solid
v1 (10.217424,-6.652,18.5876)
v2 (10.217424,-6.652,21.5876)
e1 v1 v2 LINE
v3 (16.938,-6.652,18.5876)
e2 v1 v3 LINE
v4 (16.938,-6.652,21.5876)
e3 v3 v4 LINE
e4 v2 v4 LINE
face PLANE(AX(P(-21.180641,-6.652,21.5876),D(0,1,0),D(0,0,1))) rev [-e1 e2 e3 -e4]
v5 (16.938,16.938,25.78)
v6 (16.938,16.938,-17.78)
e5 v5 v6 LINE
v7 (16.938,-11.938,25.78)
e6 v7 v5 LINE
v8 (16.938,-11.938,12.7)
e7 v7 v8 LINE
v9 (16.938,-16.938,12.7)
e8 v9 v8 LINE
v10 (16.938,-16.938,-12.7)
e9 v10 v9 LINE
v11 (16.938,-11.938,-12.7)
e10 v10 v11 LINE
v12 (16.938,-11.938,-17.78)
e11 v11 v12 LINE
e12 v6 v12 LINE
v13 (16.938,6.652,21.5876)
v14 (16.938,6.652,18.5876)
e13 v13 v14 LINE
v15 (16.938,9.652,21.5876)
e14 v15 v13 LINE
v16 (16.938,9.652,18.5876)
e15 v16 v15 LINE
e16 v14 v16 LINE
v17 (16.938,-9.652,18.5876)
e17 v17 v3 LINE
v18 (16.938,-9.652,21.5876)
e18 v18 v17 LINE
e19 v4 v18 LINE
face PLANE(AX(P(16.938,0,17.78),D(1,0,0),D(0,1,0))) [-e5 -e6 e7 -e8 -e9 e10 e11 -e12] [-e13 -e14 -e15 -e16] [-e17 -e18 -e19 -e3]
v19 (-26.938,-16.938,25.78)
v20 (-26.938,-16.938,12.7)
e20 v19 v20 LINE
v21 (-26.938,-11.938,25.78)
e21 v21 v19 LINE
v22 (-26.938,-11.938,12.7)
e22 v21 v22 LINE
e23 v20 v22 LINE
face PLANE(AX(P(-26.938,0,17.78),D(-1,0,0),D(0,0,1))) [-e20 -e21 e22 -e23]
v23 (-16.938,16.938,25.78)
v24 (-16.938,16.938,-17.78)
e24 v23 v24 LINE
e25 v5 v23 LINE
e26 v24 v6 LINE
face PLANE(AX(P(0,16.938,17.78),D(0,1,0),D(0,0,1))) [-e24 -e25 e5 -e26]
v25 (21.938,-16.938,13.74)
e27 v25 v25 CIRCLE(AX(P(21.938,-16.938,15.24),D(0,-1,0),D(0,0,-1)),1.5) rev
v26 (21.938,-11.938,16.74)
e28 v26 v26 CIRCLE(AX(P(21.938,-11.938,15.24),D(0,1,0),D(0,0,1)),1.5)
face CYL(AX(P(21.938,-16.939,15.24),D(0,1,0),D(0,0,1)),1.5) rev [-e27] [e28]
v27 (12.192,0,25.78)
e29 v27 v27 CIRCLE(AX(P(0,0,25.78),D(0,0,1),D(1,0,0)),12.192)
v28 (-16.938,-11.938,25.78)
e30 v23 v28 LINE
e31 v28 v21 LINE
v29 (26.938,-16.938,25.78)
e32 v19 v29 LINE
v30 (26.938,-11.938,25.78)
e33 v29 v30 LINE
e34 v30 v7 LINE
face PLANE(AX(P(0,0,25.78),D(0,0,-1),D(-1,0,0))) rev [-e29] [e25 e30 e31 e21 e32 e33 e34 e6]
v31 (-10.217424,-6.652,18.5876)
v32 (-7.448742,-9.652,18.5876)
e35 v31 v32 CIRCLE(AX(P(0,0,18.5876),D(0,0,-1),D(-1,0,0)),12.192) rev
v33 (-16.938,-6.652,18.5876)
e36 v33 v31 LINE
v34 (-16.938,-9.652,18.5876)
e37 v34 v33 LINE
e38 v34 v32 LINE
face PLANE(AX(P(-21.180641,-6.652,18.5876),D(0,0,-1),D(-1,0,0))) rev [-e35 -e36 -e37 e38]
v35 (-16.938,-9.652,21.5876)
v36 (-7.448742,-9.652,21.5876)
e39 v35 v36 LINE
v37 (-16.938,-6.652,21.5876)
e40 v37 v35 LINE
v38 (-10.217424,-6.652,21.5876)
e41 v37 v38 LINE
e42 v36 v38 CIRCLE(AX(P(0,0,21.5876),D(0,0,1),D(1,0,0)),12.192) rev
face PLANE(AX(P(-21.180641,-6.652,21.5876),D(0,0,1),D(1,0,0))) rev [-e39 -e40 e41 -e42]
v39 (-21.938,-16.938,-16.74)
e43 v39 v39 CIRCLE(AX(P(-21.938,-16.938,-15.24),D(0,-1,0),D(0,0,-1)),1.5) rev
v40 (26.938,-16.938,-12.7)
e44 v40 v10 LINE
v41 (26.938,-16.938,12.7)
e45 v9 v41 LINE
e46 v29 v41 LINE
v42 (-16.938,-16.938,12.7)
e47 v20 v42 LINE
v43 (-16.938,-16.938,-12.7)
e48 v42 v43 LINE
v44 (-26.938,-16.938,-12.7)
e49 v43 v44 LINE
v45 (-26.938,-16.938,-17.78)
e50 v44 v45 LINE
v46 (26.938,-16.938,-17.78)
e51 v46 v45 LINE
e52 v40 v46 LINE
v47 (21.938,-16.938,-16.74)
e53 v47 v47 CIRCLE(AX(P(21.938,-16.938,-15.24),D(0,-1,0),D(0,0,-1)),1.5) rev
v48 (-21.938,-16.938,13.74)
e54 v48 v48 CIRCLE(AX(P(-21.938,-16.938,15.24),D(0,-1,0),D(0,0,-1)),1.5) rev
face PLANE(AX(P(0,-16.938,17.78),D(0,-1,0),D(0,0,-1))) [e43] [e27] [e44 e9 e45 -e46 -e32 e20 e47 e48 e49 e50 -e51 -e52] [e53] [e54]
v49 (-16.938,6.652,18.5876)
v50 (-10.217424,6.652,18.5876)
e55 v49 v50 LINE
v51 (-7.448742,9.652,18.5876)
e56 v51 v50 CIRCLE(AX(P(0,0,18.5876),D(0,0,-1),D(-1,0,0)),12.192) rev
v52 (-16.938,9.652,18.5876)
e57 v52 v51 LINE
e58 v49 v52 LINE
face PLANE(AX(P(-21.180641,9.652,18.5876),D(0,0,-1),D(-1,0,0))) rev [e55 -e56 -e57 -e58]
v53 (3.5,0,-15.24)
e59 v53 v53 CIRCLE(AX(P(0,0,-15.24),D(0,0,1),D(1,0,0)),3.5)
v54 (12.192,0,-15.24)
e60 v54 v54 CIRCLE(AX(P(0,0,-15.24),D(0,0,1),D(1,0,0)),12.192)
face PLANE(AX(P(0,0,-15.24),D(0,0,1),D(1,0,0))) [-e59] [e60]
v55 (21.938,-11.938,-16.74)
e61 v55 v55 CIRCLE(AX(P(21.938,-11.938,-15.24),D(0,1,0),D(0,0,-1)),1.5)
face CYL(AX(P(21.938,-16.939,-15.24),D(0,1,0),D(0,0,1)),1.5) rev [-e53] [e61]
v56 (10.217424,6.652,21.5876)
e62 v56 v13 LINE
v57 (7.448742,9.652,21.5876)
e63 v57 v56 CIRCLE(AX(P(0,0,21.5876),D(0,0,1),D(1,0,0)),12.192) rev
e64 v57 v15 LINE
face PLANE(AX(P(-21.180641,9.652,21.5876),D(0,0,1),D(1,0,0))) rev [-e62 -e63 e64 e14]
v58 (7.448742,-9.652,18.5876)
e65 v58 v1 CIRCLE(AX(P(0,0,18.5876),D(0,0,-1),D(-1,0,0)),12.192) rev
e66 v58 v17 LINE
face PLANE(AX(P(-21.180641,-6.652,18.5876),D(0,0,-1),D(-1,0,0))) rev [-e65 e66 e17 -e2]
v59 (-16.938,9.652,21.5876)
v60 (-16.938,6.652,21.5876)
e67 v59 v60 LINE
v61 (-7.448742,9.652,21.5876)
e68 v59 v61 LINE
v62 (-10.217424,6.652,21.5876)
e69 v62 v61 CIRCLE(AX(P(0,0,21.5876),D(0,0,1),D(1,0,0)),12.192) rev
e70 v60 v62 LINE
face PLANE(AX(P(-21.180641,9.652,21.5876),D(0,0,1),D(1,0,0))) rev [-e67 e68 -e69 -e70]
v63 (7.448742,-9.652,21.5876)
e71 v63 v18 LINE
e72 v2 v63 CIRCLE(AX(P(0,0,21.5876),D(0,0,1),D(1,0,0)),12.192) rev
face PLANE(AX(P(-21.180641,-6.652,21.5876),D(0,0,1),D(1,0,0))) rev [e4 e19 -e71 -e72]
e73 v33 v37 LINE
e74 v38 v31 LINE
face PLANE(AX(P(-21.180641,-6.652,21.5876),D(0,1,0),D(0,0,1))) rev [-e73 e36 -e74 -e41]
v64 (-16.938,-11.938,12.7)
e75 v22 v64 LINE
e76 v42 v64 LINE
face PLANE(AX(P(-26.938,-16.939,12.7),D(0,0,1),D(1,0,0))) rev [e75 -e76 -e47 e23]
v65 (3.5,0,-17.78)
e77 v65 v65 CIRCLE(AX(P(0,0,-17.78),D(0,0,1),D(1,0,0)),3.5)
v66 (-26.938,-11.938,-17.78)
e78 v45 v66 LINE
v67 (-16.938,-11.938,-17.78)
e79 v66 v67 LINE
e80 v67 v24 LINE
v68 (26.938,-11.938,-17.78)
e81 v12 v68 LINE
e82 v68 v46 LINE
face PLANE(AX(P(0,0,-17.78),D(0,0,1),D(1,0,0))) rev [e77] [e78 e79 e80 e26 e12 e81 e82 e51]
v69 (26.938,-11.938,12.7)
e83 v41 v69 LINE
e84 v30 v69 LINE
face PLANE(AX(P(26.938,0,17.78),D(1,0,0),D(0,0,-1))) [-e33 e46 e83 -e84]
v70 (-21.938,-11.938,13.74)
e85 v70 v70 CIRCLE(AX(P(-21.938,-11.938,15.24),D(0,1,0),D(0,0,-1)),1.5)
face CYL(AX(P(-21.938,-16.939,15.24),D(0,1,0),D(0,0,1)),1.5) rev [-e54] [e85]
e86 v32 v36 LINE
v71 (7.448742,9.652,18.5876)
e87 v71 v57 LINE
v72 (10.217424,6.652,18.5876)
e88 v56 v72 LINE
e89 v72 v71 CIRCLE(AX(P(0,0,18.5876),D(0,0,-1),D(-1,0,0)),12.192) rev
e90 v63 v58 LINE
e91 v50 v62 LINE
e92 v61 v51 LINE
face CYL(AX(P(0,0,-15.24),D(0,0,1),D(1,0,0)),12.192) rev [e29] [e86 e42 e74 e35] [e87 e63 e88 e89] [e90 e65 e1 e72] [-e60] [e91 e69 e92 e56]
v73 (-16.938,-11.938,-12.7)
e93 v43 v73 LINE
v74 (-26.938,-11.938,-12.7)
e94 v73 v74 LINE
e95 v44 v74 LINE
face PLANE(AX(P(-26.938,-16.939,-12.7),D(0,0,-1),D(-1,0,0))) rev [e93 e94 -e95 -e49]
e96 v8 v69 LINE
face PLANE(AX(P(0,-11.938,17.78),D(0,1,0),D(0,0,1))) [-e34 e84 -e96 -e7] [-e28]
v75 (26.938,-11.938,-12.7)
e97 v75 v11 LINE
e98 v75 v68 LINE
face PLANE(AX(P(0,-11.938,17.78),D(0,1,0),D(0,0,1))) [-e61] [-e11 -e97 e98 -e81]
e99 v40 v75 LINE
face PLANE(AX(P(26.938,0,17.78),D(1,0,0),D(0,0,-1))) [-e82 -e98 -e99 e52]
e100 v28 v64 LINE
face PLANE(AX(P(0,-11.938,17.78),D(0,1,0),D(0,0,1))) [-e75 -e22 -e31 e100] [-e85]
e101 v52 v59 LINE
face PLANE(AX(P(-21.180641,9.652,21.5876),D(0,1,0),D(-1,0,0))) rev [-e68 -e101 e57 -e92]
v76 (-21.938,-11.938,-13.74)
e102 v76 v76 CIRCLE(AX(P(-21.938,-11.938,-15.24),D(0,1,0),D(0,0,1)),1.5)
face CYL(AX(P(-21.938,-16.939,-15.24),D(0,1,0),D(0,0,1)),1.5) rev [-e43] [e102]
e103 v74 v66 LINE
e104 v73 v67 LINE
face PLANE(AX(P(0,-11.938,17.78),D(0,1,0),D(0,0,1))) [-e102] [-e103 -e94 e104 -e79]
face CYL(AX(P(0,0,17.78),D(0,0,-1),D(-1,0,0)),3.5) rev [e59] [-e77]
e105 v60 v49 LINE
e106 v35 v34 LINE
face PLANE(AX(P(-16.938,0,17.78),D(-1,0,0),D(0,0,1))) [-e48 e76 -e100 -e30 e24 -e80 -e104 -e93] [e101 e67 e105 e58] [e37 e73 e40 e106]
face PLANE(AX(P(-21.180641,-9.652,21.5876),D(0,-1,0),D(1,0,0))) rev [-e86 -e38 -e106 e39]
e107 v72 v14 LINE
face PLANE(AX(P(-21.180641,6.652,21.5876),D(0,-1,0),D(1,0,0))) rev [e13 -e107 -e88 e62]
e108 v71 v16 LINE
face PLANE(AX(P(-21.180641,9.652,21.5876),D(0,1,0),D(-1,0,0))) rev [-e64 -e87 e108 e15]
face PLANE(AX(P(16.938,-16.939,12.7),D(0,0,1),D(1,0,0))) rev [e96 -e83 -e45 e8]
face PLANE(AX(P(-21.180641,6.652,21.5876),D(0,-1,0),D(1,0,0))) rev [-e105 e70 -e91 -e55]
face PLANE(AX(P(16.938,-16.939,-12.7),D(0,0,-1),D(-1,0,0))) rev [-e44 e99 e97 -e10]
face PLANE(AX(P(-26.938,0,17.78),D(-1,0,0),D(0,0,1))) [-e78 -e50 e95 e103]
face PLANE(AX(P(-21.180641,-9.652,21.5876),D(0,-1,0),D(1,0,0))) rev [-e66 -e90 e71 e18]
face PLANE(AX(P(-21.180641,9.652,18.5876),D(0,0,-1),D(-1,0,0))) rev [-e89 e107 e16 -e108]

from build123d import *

# Parameters (mm, degrees)
SKETCH1_R           = 3.5
BOSS_EXTRUDE1_DEPTH = 17.78
SKETCH2_R           = 12.192
CUT_EXTRUDE1_DEPTH  = 15.24
CUT_EXTRUDE3_REACH  = 49.719
SKETCH4_W           = 2
SKETCH4_H           = 2
CUT_EXTRUDE4_REACH  = 45.308
SKETCH5_R           = 1.5
SKETCH5_W           = 10
SKETCH5_H           = 25.4
CUT_EXTRUDE5_REACH  = 38.451
SKETCH2_2_R         = 12.192
SKETCH6_R           = 12.192
BOSS_EXTRUDE2_DEPTH = 8
CUT_EXTRUDE6_REACH  = 55.634
SKETCH7_W           = 3
SKETCH7_H           = 3


with BuildPart() as part:
    # Sketch1 → Boss-Extrude1 (new, symmetric)
    with BuildSketch(Plane.XY):
        Polygon((26.938, -11.938), (16.938, -11.938), (16.938, 16.938), (-16.938, 16.938), (-16.938, -11.938), (-26.938, -11.938), (-26.938, -16.938), (26.938, -16.938), align=None)
        Circle(SKETCH1_R, mode=Mode.SUBTRACT)
    extrude(amount=BOSS_EXTRUDE1_DEPTH, both=True)

    # Sketch2 → Cut-Extrude1 (cut, symmetric)
    with BuildSketch(Plane.XY):
        Circle(SKETCH2_R)
    extrude(amount=CUT_EXTRUDE1_DEPTH, both=True, mode=Mode.SUBTRACT)

    # Sketch4 → Cut-Extrude3 (cut, up to next)
    with BuildSketch(Plane.XY.offset(17.78), mode=Mode.PRIVATE) as cut_extrude3_sk1:
        with Locations((-10.219, -1)):
            Rectangle(SKETCH4_W, SKETCH4_H)
    cut_extrude3_tool1 = extrude(cut_extrude3_sk1.sketch, amount=-CUT_EXTRUDE3_REACH, mode=Mode.PRIVATE) & part.part
    # Sketch4 → Cut-Extrude3 (cut, up to next)
    with BuildSketch(Plane.XY.offset(17.78), mode=Mode.PRIVATE) as cut_extrude3_sk2:
        with Locations((10.219, -1)):
            Rectangle(SKETCH4_W, SKETCH4_H)
    cut_extrude3_tool2 = extrude(cut_extrude3_sk2.sketch, amount=-CUT_EXTRUDE3_REACH, mode=Mode.PRIVATE) & part.part
    add(cut_extrude3_tool1.solids().sort_by_distance((-10.219, -1, 17.78))[0], mode=Mode.SUBTRACT)
    add(cut_extrude3_tool2.solids().sort_by_distance((10.219, -1, 17.78))[0], mode=Mode.SUBTRACT)

    # Sketch5 → Cut-Extrude4 (cut, up to next)
    with BuildSketch(Plane(origin=(0, -11.938, 0), x_dir=(1, 0, 0), z_dir=(0, 1, 0)), mode=Mode.PRIVATE) as cut_extrude4_sk1:
        with Locations(Location((-21.938, 15.24, 0), (0, 0, 270))):
            Circle(SKETCH5_R)
    cut_extrude4_tool1 = extrude(cut_extrude4_sk1.sketch, amount=-CUT_EXTRUDE4_REACH, mode=Mode.PRIVATE) & part.part
    # Sketch5 → Cut-Extrude4 (cut, up to next)
    with BuildSketch(Plane(origin=(0, -11.938, 0), x_dir=(1, 0, 0), z_dir=(0, 1, 0)), mode=Mode.PRIVATE) as cut_extrude4_sk2:
        with Locations(Location((21.938, 15.24, 0), (0, 0, 90))):
            Circle(SKETCH5_R)
    cut_extrude4_tool2 = extrude(cut_extrude4_sk2.sketch, amount=-CUT_EXTRUDE4_REACH, mode=Mode.PRIVATE) & part.part
    # Sketch5 → Cut-Extrude4 (cut, up to next)
    with BuildSketch(Plane(origin=(0, -11.938, 0), x_dir=(1, 0, 0), z_dir=(0, 1, 0)), mode=Mode.PRIVATE) as cut_extrude4_sk3:
        with Locations(Location((21.938, -15.24, 0), (0, 0, 270))):
            Circle(SKETCH5_R)
    cut_extrude4_tool3 = extrude(cut_extrude4_sk3.sketch, amount=-CUT_EXTRUDE4_REACH, mode=Mode.PRIVATE) & part.part
    # Sketch5 → Cut-Extrude4 (cut, up to next)
    with BuildSketch(Plane(origin=(0, -11.938, 0), x_dir=(1, 0, 0), z_dir=(0, 1, 0)), mode=Mode.PRIVATE) as cut_extrude4_sk4:
        with Locations(Location((-21.938, -15.24, 0), (0, 0, 90))):
            Circle(SKETCH5_R)
    cut_extrude4_tool4 = extrude(cut_extrude4_sk4.sketch, amount=-CUT_EXTRUDE4_REACH, mode=Mode.PRIVATE) & part.part
    # Sketch5 → Cut-Extrude4 (cut, up to next)
    with BuildSketch(Plane(origin=(0, -11.938, 0), x_dir=(1, 0, 0), z_dir=(0, 1, 0)), mode=Mode.PRIVATE) as cut_extrude4_sk5:
        with Locations((-21.938, 0)):
            Rectangle(SKETCH5_W, SKETCH5_H)
    cut_extrude4_tool5 = extrude(cut_extrude4_sk5.sketch, amount=-CUT_EXTRUDE4_REACH, mode=Mode.PRIVATE) & part.part
    # Sketch5 → Cut-Extrude4 (cut, up to next)
    with BuildSketch(Plane(origin=(0, -11.938, 0), x_dir=(1, 0, 0), z_dir=(0, 1, 0)), mode=Mode.PRIVATE) as cut_extrude4_sk6:
        with Locations((21.938, 0)):
            Rectangle(SKETCH5_W, SKETCH5_H)
    cut_extrude4_tool6 = extrude(cut_extrude4_sk6.sketch, amount=-CUT_EXTRUDE4_REACH, mode=Mode.PRIVATE) & part.part
    add(cut_extrude4_tool1.solids().sort_by_distance((-21.938, -11.938, -15.24))[0], mode=Mode.SUBTRACT)
    add(cut_extrude4_tool2.solids().sort_by_distance((21.938, -11.938, -15.24))[0], mode=Mode.SUBTRACT)
    add(cut_extrude4_tool3.solids().sort_by_distance((21.938, -11.938, 15.24))[0], mode=Mode.SUBTRACT)
    add(cut_extrude4_tool4.solids().sort_by_distance((-21.938, -11.938, 15.24))[0], mode=Mode.SUBTRACT)
    add(cut_extrude4_tool5.solids().sort_by_distance((-21.938, -11.938, 0))[0], mode=Mode.SUBTRACT)
    add(cut_extrude4_tool6.solids().sort_by_distance((21.938, -11.938, 0))[0], mode=Mode.SUBTRACT)

    # Sketch2<2> → Cut-Extrude5 (cut, up to next)
    with BuildSketch(Plane.XY, mode=Mode.PRIVATE) as cut_extrude5_sk1:
        Circle(SKETCH2_2_R)
    cut_extrude5_tool1 = extrude(cut_extrude5_sk1.sketch, amount=CUT_EXTRUDE5_REACH, mode=Mode.PRIVATE) & part.part
    add(cut_extrude5_tool1.solids().sort_by_distance((0, 0, 0))[0], mode=Mode.SUBTRACT)

    # Sketch6 → Boss-Extrude2 (add)
    with BuildSketch(Plane.XY.offset(17.78)):
        Polygon((-16.938, -11.938), (-26.938, -11.938), (-26.938, -16.938), (26.938, -16.938), (26.938, -11.938), (16.938, -11.938), (16.938, 16.938), (-16.938, 16.938), align=None)
        Circle(SKETCH6_R, mode=Mode.SUBTRACT)
    extrude(amount=BOSS_EXTRUDE2_DEPTH)

    # Cut-Extrude6: up to this face of the body (flat: up to its plane)
    cut_extrude6_end = Plane(part.part.faces().sort_by_distance((-16.938, 0.946659371, 3.633170238))[0])
    # Sketch7 → Cut-Extrude6 (cut, up to the picked face)
    with BuildSketch(Plane(origin=(16.938, 0, 0), x_dir=(0, 0, -1), z_dir=(1, 0, 0)), mode=Mode.PRIVATE) as cut_extrude6_sk1:
        with Locations((-20.0876, 8.152)):
            Rectangle(SKETCH7_W, SKETCH7_H)
    cut_extrude6_tool1 = split(extrude(cut_extrude6_sk1.sketch, amount=-CUT_EXTRUDE6_REACH, mode=Mode.PRIVATE), bisect_by=cut_extrude6_end, keep=Keep.BOTH, mode=Mode.PRIVATE)
    # Sketch7 → Cut-Extrude6 (cut, up to the picked face)
    with BuildSketch(Plane(origin=(16.938, 0, 0), x_dir=(0, 0, -1), z_dir=(1, 0, 0)), mode=Mode.PRIVATE) as cut_extrude6_sk2:
        with Locations((-20.0876, -8.152)):
            Rectangle(SKETCH7_W, SKETCH7_H)
    cut_extrude6_tool2 = split(extrude(cut_extrude6_sk2.sketch, amount=-CUT_EXTRUDE6_REACH, mode=Mode.PRIVATE), bisect_by=cut_extrude6_end, keep=Keep.BOTH, mode=Mode.PRIVATE)
    add(cut_extrude6_tool1.solids().sort_by(Axis((16.938, 8.152, 20.0876), (-1, 0, 0)))[0], mode=Mode.SUBTRACT)
    add(cut_extrude6_tool2.solids().sort_by(Axis((16.938, -8.152, 20.0876), (-1, 0, 0)))[0], mode=Mode.SUBTRACT)


solid = part.part
